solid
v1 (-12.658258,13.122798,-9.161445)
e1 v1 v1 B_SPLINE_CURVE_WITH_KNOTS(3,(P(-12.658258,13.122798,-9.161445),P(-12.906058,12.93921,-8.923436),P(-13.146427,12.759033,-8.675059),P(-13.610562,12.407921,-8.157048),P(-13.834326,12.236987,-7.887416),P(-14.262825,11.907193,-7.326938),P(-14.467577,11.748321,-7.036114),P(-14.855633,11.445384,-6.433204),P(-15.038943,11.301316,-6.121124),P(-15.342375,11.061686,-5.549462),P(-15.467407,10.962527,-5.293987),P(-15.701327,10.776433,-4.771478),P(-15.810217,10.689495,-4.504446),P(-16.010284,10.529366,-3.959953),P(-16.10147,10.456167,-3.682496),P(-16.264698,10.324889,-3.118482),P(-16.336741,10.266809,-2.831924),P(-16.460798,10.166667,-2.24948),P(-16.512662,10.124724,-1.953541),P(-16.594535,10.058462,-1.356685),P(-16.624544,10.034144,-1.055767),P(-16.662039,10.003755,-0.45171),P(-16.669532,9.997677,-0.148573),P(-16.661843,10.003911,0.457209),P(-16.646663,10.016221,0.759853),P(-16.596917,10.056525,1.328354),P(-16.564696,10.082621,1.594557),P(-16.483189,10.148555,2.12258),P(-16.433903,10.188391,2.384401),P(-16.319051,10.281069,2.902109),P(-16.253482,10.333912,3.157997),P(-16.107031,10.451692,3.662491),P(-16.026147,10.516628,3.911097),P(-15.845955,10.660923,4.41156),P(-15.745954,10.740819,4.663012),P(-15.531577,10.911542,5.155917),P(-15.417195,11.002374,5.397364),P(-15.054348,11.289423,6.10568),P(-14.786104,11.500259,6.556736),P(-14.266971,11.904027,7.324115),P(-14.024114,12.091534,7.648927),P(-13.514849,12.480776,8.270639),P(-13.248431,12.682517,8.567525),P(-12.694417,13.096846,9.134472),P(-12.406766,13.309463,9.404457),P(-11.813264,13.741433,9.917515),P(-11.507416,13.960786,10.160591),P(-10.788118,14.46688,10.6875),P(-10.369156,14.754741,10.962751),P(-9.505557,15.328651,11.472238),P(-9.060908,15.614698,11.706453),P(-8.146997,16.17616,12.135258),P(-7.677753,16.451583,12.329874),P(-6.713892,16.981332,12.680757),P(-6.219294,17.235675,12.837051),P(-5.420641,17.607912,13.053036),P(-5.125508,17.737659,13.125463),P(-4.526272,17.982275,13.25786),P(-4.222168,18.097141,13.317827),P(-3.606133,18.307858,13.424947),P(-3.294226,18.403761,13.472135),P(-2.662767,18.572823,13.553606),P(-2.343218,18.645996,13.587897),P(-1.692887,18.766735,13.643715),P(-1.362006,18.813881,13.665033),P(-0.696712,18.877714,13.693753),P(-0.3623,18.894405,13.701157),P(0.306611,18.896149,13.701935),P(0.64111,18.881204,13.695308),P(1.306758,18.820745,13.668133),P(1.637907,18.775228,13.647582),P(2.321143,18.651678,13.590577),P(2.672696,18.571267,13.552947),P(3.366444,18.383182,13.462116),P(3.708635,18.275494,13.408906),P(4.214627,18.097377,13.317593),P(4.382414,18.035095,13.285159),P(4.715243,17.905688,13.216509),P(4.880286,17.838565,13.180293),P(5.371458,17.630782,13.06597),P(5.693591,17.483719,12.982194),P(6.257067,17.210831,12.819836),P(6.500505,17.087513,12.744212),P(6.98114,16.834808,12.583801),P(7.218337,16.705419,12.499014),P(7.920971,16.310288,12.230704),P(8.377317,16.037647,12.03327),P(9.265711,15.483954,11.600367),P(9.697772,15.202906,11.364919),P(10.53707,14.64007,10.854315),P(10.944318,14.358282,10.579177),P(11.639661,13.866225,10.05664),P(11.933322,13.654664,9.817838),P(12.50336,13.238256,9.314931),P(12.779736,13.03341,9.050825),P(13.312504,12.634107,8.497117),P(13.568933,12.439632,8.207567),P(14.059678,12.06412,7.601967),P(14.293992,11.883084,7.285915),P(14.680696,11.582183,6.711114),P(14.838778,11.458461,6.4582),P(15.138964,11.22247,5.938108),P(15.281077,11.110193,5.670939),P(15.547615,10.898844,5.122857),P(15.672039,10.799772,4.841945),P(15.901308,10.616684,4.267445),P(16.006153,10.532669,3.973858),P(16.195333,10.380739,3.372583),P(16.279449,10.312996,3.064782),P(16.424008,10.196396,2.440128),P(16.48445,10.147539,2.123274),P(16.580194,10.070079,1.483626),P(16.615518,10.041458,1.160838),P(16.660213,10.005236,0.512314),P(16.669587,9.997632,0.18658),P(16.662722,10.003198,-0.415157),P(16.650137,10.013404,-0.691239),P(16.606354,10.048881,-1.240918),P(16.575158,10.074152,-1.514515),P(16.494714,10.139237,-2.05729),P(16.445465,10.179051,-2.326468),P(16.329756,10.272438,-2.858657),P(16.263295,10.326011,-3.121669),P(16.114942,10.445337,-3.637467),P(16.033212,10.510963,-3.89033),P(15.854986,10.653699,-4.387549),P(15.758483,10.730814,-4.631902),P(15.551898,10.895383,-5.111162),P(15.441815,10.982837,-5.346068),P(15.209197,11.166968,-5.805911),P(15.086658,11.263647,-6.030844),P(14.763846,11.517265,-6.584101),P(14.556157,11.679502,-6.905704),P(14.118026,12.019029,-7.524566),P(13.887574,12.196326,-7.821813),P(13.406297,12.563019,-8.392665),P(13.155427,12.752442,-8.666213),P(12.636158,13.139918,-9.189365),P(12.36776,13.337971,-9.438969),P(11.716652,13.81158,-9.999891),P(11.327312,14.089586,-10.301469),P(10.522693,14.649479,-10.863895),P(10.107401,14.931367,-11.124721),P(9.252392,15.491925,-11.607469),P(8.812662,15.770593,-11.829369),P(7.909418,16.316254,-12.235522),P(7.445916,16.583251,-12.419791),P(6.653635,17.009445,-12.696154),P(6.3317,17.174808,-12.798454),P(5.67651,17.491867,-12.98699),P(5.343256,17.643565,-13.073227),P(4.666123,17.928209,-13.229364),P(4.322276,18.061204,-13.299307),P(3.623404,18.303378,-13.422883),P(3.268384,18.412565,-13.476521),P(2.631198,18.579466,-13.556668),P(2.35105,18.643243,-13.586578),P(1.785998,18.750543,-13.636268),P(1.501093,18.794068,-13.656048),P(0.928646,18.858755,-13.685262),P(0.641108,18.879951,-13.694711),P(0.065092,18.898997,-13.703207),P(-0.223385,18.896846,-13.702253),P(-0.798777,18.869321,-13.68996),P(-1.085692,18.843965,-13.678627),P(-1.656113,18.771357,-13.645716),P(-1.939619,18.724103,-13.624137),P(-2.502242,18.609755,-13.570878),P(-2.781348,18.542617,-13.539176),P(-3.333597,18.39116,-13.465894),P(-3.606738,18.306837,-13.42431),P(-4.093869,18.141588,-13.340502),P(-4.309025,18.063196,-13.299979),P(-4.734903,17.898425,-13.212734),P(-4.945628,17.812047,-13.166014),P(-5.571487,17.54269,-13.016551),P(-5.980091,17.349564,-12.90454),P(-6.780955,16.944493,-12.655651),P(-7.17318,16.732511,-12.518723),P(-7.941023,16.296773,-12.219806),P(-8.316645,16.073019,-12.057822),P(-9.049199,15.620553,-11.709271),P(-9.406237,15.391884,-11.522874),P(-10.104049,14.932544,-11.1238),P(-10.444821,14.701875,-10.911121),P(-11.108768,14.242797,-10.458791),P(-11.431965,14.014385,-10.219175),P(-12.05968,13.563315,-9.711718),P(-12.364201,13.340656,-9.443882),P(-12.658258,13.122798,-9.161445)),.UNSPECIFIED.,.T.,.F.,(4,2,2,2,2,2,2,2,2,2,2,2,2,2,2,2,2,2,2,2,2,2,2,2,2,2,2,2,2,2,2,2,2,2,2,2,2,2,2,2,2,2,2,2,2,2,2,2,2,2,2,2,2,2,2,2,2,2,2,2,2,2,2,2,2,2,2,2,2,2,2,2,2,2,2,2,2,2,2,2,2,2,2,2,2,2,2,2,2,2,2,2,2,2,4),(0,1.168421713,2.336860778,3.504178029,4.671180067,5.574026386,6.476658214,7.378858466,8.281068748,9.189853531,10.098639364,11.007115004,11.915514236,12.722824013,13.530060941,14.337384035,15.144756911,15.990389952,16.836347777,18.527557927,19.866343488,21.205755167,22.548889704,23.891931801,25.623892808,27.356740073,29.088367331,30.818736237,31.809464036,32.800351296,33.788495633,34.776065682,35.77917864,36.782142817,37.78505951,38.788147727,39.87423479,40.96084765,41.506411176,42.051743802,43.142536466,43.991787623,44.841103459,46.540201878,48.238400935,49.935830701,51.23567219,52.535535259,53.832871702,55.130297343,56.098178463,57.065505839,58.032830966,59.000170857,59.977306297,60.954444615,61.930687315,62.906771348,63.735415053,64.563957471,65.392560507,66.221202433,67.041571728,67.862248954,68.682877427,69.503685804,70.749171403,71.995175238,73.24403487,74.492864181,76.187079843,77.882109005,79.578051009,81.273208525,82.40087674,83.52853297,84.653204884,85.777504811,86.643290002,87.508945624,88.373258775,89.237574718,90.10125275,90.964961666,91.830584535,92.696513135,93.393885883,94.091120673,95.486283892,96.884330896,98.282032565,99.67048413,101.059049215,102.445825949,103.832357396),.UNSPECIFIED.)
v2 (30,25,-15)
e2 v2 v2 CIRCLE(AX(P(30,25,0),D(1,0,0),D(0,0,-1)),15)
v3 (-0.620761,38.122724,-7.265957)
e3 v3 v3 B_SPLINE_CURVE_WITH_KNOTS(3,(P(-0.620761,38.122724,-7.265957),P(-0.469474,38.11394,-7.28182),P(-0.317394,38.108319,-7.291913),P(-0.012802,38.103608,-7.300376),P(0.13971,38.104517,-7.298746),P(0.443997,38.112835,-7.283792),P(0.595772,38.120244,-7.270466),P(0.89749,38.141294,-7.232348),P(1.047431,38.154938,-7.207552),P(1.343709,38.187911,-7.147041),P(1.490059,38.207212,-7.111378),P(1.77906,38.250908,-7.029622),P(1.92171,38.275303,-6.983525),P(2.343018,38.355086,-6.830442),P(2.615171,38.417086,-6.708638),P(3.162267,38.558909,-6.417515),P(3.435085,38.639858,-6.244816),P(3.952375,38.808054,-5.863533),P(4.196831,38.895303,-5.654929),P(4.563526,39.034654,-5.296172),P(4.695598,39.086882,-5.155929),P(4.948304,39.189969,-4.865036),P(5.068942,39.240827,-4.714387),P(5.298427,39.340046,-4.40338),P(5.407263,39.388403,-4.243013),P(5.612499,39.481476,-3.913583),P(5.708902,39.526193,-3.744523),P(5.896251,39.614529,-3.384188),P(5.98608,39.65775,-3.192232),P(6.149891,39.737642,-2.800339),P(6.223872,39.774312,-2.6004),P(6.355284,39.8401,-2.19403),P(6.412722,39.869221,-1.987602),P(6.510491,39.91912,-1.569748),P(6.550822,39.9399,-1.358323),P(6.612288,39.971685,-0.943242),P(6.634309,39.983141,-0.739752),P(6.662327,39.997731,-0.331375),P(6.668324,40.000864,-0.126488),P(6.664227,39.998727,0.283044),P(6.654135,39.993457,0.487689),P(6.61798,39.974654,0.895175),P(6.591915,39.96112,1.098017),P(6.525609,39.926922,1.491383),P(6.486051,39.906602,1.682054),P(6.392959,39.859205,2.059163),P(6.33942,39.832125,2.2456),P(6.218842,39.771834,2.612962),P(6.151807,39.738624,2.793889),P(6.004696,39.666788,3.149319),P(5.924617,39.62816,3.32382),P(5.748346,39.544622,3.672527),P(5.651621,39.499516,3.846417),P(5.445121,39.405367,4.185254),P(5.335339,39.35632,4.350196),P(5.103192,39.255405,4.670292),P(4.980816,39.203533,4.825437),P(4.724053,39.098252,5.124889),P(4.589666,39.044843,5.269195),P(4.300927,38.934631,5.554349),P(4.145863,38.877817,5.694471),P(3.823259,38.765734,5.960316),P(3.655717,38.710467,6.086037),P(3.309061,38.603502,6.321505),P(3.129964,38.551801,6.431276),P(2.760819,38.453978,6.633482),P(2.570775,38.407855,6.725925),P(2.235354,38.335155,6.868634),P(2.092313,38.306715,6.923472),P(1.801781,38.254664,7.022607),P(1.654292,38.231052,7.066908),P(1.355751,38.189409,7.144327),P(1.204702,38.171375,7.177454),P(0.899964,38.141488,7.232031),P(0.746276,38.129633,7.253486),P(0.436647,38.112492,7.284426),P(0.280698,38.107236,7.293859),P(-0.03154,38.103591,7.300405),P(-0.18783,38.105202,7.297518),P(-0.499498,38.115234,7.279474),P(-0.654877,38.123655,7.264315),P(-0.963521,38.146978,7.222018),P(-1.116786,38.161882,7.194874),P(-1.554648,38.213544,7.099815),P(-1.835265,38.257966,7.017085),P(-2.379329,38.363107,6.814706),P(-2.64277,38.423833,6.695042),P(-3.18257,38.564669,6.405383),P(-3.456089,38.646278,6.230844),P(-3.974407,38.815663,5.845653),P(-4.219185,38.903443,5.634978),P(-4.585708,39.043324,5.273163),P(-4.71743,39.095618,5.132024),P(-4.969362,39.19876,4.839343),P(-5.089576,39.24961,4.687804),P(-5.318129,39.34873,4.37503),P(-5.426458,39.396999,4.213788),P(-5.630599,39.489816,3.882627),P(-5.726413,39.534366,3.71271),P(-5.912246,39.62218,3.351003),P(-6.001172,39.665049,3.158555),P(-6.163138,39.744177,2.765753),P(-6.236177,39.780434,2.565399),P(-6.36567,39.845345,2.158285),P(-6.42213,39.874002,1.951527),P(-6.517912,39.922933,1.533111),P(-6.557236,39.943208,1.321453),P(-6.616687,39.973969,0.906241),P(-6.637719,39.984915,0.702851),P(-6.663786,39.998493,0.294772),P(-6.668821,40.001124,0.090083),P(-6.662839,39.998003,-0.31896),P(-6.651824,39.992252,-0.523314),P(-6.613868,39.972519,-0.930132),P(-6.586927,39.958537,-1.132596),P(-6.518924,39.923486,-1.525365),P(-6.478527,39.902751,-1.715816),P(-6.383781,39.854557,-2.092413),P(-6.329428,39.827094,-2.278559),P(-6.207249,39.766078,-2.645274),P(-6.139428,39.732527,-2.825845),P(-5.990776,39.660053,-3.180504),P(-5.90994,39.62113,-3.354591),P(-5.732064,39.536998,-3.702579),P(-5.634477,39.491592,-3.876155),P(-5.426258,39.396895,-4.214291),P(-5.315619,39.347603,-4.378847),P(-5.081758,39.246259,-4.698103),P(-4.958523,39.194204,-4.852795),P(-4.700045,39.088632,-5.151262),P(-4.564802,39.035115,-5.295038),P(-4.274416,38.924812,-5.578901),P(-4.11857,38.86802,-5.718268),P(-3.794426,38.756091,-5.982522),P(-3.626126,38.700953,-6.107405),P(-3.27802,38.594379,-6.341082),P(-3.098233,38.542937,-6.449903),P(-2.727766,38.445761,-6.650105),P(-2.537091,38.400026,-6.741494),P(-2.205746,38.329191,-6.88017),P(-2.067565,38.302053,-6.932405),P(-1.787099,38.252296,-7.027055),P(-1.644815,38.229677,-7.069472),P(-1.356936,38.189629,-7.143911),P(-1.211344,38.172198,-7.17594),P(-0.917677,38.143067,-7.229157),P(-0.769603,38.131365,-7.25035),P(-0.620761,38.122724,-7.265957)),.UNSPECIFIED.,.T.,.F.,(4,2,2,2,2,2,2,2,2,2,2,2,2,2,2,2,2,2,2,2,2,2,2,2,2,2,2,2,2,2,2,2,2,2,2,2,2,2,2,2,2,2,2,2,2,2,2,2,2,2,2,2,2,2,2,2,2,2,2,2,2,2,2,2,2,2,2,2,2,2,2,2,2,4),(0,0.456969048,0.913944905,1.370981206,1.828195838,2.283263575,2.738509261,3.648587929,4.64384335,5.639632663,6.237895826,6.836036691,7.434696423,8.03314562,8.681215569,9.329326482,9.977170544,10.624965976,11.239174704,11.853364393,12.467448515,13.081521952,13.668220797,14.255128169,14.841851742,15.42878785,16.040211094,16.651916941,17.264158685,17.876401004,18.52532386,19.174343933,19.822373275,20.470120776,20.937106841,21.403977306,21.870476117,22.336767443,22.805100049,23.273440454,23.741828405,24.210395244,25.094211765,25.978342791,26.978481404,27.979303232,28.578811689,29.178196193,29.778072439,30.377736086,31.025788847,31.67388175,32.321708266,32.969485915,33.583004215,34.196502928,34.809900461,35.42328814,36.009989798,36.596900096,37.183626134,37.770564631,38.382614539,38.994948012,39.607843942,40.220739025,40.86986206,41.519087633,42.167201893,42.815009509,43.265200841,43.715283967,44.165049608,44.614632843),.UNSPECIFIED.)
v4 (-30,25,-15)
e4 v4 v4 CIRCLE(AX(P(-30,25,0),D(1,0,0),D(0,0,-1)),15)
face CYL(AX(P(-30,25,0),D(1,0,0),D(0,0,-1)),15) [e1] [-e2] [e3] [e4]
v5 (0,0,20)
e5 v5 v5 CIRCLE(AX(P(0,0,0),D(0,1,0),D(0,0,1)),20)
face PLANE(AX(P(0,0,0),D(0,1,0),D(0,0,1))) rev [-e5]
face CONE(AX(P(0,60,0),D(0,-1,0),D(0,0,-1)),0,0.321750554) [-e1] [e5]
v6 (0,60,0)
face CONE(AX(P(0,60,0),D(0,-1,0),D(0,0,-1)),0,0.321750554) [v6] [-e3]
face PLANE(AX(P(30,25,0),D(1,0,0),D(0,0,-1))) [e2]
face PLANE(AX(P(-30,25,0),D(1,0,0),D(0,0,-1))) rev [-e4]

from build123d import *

# Parameters (mm, degrees)
SKETCH_1_R           = 20
EXTRUDE_2_DEPTH      = 30
EXTRUDE_2_DEPTH_BACK = 30
SKETCH_4_R           = 15


with BuildPart() as part:
    # 草图1 → 放样2 section 0
    with BuildSketch(Plane(origin=(0, 0, 0), x_dir=(1, 0, 0), z_dir=(0, 1, 0)), mode=Mode.PRIVATE) as loft_2_s0:
        Circle(SKETCH_1_R)
    loft([loft_2_s0.sketch, Vertex(0, 60, 0)])

    # 草图4 → 凸台-拉伸2 (add, two sides: drawn at the far end of the back side and taken through both)
    with BuildSketch(Plane(origin=(0, 0, 0), x_dir=(0, 0, -1), z_dir=(1, 0, 0)).offset(-EXTRUDE_2_DEPTH_BACK)):
        with Locations((0, 25)):
            Circle(SKETCH_4_R)
    extrude(amount=EXTRUDE_2_DEPTH + EXTRUDE_2_DEPTH_BACK)


solid = part.part
